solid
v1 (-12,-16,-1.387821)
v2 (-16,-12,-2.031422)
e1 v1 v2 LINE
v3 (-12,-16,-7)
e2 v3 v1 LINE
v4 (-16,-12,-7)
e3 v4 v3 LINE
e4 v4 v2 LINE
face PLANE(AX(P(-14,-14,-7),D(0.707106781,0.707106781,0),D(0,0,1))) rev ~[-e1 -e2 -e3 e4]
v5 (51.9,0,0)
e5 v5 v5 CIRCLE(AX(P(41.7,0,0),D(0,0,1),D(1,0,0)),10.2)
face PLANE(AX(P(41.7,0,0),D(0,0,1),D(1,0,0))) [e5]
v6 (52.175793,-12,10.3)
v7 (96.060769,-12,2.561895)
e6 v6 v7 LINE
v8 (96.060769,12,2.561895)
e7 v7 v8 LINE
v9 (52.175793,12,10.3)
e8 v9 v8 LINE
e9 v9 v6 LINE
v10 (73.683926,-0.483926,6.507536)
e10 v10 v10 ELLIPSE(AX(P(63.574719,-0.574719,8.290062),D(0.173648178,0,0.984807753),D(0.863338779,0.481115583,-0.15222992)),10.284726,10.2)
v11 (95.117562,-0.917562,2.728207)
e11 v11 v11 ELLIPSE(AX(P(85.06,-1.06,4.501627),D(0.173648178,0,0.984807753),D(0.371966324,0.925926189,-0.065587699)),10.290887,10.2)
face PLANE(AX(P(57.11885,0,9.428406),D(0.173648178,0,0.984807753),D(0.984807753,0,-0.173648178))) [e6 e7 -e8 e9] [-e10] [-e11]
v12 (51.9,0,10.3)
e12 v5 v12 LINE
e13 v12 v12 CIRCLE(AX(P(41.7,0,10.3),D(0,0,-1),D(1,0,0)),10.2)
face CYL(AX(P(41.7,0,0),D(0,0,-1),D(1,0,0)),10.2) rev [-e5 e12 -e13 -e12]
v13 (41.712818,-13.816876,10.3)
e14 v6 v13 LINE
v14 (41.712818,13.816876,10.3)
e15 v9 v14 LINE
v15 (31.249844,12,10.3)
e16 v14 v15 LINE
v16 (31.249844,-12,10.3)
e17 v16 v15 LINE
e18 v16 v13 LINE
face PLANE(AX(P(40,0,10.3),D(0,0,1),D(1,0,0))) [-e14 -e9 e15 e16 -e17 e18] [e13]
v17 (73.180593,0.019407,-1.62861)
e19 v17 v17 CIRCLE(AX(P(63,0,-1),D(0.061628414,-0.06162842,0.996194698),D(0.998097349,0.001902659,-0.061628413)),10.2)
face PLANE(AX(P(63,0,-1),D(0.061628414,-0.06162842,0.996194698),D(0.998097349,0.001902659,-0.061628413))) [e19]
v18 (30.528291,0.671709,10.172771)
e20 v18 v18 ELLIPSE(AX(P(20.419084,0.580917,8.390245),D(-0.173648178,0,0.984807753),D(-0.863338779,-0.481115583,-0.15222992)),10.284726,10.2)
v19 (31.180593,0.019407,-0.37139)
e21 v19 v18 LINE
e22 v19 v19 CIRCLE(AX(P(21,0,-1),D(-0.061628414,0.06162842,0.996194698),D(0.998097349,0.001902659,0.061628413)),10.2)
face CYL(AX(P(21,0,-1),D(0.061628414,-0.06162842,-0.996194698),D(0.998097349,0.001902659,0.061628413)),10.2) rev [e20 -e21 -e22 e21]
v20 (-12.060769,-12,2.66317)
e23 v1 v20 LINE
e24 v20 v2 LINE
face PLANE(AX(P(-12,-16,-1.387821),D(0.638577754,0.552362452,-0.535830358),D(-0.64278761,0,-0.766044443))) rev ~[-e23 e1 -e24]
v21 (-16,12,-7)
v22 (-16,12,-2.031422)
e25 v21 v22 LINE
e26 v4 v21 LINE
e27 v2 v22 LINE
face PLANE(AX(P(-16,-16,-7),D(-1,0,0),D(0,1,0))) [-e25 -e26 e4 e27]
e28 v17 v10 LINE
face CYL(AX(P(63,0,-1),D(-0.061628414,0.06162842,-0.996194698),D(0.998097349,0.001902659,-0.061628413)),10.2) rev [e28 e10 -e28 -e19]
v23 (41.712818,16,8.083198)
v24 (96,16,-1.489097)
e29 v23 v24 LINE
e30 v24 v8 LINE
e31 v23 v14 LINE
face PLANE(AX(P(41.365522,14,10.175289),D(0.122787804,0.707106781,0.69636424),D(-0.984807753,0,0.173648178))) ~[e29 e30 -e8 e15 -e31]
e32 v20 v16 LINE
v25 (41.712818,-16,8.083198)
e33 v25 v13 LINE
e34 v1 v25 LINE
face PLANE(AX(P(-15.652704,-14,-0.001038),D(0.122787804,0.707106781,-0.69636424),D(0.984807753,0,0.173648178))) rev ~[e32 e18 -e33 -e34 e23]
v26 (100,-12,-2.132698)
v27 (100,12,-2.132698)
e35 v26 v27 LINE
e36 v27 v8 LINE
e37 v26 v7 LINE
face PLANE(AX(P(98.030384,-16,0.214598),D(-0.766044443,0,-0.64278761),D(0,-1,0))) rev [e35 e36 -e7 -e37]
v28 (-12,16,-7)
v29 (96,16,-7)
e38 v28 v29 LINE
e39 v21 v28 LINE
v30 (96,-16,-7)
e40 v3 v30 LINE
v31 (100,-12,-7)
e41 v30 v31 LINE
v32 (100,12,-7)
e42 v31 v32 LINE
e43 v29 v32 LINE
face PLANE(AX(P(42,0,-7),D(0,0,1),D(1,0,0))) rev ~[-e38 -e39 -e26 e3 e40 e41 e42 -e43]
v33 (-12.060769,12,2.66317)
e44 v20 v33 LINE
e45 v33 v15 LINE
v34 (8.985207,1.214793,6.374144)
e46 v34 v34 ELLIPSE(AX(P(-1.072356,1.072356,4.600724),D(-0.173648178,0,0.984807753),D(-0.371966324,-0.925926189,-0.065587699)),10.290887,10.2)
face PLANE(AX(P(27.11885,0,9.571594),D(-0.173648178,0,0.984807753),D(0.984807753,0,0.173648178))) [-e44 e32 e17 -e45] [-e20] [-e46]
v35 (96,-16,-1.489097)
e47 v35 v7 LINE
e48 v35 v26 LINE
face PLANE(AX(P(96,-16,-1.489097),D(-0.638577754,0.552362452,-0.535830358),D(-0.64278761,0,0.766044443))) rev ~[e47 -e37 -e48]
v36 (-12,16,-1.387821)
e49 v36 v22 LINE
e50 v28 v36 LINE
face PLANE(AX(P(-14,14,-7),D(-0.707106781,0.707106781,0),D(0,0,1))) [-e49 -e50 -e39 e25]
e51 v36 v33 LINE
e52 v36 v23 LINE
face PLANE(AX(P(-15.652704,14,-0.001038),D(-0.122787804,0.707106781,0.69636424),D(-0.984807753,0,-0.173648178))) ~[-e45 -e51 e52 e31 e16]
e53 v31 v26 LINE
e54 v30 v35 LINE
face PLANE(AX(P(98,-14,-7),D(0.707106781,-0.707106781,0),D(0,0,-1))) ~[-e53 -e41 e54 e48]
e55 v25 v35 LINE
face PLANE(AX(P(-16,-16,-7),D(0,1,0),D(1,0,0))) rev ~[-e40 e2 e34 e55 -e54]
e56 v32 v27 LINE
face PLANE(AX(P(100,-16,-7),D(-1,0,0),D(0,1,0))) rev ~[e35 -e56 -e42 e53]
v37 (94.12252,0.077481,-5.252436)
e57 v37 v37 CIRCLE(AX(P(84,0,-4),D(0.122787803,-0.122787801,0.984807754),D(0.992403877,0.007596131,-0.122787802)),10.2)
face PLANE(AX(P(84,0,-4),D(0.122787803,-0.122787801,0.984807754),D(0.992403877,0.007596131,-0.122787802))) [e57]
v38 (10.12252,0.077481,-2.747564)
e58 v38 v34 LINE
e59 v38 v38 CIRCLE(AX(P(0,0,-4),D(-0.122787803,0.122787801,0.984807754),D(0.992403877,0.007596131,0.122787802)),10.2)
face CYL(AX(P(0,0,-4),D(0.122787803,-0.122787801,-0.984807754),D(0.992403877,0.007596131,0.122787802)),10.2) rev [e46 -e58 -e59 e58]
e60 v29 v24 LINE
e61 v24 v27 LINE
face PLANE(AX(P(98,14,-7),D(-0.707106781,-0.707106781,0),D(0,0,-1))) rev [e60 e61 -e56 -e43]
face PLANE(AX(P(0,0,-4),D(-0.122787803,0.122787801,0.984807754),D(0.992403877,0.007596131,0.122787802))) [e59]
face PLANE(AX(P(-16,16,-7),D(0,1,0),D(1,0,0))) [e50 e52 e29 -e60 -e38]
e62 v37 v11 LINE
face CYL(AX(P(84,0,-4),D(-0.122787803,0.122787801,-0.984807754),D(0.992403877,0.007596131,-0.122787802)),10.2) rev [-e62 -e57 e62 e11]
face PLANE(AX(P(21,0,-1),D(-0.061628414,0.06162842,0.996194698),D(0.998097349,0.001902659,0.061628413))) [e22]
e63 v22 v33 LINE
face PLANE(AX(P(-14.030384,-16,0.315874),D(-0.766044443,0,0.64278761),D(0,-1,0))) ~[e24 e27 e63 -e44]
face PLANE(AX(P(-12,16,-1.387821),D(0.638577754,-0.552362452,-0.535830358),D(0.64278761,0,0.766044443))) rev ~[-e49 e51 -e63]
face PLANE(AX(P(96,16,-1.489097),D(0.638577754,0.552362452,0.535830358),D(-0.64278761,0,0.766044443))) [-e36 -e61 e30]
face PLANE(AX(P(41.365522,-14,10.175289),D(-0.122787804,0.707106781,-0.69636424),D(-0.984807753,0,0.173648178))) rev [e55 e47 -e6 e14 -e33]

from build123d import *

# Parameters (mm, degrees)
BOX003_W                    = 40
BOX003_H                    = 40
BOX003_DEPTH                = 10
CYLINDER014_R               = 10.2
CYLINDER014_DEPTH           = 20
CYLINDER014_ROLL_ANGLE      = 7.107076
CYLINDER014_PITCH_ANGLE     = 7.053022
CYLINDER014_PLACEMENT_ANGLE = 0.438549
CYLINDER013_R               = 10.2
CYLINDER013_DEPTH           = 20
CYLINDER013_ROLL_ANGLE      = 3.540025
CYLINDER013_PITCH_ANGLE     = 3.533287
CYLINDER013_PLACEMENT_ANGLE = 0.109222
CYLINDER012_R               = 10.2
CYLINDER012_DEPTH           = 20
CYLINDER011_R               = 10.2
CYLINDER011_DEPTH           = 20
CYLINDER011_ROLL_ANGLE      = -3.540025
CYLINDER011_PITCH_ANGLE     = -3.533287
CYLINDER011_PLACEMENT_ANGLE = 0.109222
CYLINDER010_R               = 10.2
CYLINDER010_DEPTH           = 20
CYLINDER010_ROLL_ANGLE      = -7.107076
CYLINDER010_PITCH_ANGLE     = -7.053022
CYLINDER010_PLACEMENT_ANGLE = 0.438549
BOX002_W                    = 116
BOX002_H                    = 32
BOX002_DEPTH                = 14
BOX002_PITCH_ANGLE          = 10
BOX001_W                    = 116
BOX001_H                    = 32
BOX001_DEPTH                = 14
BOX001_PITCH_ANGLE          = -10
BOX_W                       = 116
BOX_H                       = 32
BOX_DEPTH                   = 20
CHAMFER_SIZE                = 4


with BuildPart() as cube003:
    # Box003 → Box003 (new body)
    with BuildSketch(Plane(origin=(20, -20, 10.3), x_dir=(1, 0, 0), z_dir=(0, 0, 1))):
        with Locations((20, 20)):
            Rectangle(BOX003_W, BOX003_H)
    extrude(amount=BOX003_DEPTH)


with BuildPart() as cylinder014:
    # Cylinder014 → Cylinder014 (new body)
    with BuildSketch(Plane.XY):
        Circle(CYLINDER014_R)
    extrude(amount=CYLINDER014_DEPTH)


with BuildPart() as cylinder014_1:
    # Cylinder014 roll: moved
    add(cylinder014.part.rotate(Axis((0, 0, 0), (1, 0, 0)), CYLINDER014_ROLL_ANGLE))


with BuildPart() as cylinder014_2:
    # Cylinder014 pitch: moved
    add(cylinder014_1.part.rotate(Axis((0, 0, 0), (0, 1, 0)), CYLINDER014_PITCH_ANGLE))


with BuildPart() as cylinder014_3:
    # Cylinder014 placement: moved
    add(cylinder014_2.part.moved(Location((84, 0, -4))).rotate(Axis((84, 0, -4), (0, 0, 1)), CYLINDER014_PLACEMENT_ANGLE))


with BuildPart() as cylinder013:
    # Cylinder013 → Cylinder013 (new body)
    with BuildSketch(Plane.XY):
        Circle(CYLINDER013_R)
    extrude(amount=CYLINDER013_DEPTH)


with BuildPart() as cylinder013_1:
    # Cylinder013 roll: moved
    add(cylinder013.part.rotate(Axis((0, 0, 0), (1, 0, 0)), CYLINDER013_ROLL_ANGLE))


with BuildPart() as cylinder013_2:
    # Cylinder013 pitch: moved
    add(cylinder013_1.part.rotate(Axis((0, 0, 0), (0, 1, 0)), CYLINDER013_PITCH_ANGLE))


with BuildPart() as cylinder013_3:
    # Cylinder013 placement: moved
    add(cylinder013_2.part.moved(Location((63, 0, -1))).rotate(Axis((63, 0, -1), (0, 0, 1)), CYLINDER013_PLACEMENT_ANGLE))


with BuildPart() as cylinder012:
    # Cylinder012 → Cylinder012 (new body)
    with BuildSketch(Plane(origin=(41.7, 0, 0), x_dir=(1, 0, 0), z_dir=(0, 0, 1))):
        Circle(CYLINDER012_R)
    extrude(amount=CYLINDER012_DEPTH)


with BuildPart() as cylinder011:
    # Cylinder011 → Cylinder011 (new body)
    with BuildSketch(Plane.XY):
        Circle(CYLINDER011_R)
    extrude(amount=CYLINDER011_DEPTH)


with BuildPart() as cylinder011_1:
    # Cylinder011 roll: moved
    add(cylinder011.part.rotate(Axis((0, 0, 0), (1, 0, 0)), CYLINDER011_ROLL_ANGLE))


with BuildPart() as cylinder011_2:
    # Cylinder011 pitch: moved
    add(cylinder011_1.part.rotate(Axis((0, 0, 0), (0, 1, 0)), CYLINDER011_PITCH_ANGLE))


with BuildPart() as cylinder011_3:
    # Cylinder011 placement: moved
    add(cylinder011_2.part.moved(Location((21, 0, -1))).rotate(Axis((21, 0, -1), (0, 0, 1)), CYLINDER011_PLACEMENT_ANGLE))


with BuildPart() as cylinder010:
    # Cylinder010 → Cylinder010 (new body)
    with BuildSketch(Plane.XY):
        Circle(CYLINDER010_R)
    extrude(amount=CYLINDER010_DEPTH)


with BuildPart() as cylinder010_1:
    # Cylinder010 roll: moved
    add(cylinder010.part.rotate(Axis((0, 0, 0), (1, 0, 0)), CYLINDER010_ROLL_ANGLE))


with BuildPart() as cylinder010_2:
    # Cylinder010 pitch: moved
    add(cylinder010_1.part.rotate(Axis((0, 0, 0), (0, 1, 0)), CYLINDER010_PITCH_ANGLE))


with BuildPart() as cylinder010_3:
    # Cylinder010 placement: moved
    add(cylinder010_2.part.moved(Location((0, 0, -4))).rotate(Axis((0, 0, -4), (0, 0, 1)), CYLINDER010_PLACEMENT_ANGLE))


with BuildPart() as cube002:
    # Box002 → Box002 (new body)
    with BuildSketch(Plane.XY):
        with Locations((58, 16)):
            Rectangle(BOX002_W, BOX002_H)
    extrude(amount=BOX002_DEPTH)


with BuildPart() as cube002_1:
    # Box002 pitch: moved
    add(cube002.part.rotate(Axis((0, 0, 0), (0, 1, 0)), BOX002_PITCH_ANGLE))


with BuildPart() as cube002_2:
    # Box002 placement: moved
    add(cube002_1.part.moved(Location((0, -16, 19.5))))


with BuildPart() as cube001:
    # Box001 → Box001 (new body)
    with BuildSketch(Plane.XY):
        with Locations((58, 16)):
            Rectangle(BOX001_W, BOX001_H)
    extrude(amount=BOX001_DEPTH)


with BuildPart() as cube001_1:
    # Box001 pitch: moved
    add(cube001.part.rotate(Axis((0, 0, 0), (0, 1, 0)), BOX001_PITCH_ANGLE))


with BuildPart() as cube001_2:
    # Box001 placement: moved
    add(cube001_1.part.moved(Location((-30, -16, -0.5))))


with BuildPart() as cut011:
    # Box → Box (new body)
    with BuildSketch(Plane(origin=(-16, -16, -7), x_dir=(1, 0, 0), z_dir=(0, 0, 1))):
        with Locations((58, 16)):
            Rectangle(BOX_W, BOX_H)
    extrude(amount=BOX_DEPTH)

    # Cut005: cut Cube001
    add(cube001_2.part, mode=Mode.SUBTRACT)

    # Cut006: cut Cube002
    add(cube002_2.part, mode=Mode.SUBTRACT)

    # Chamfer
    chamfer_edges = [cut011.edges().sort_by_distance(p)[0] for p in [
        (-16, -16, -2.515711),
        (-16, 0, 1.968578),
        (-16, 16, -2.515711),
        (100, -16, -2.566349),
        (70.856409, -16, 7.006103),
        (12.856409, -16, 7.056741),
        (12.856409, 16, 7.056741),
        (100, 16, -2.566349),
        (70.856409, 16, 7.006103),
        (100, 0, 1.867302),
    ]]
    chamfer(chamfer_edges, length=CHAMFER_SIZE)

    # Cut: cut Cylinder010
    add(cylinder010_3.part, mode=Mode.SUBTRACT)

    # Cut007: cut Cylinder011
    add(cylinder011_3.part, mode=Mode.SUBTRACT)

    # Cut008: cut Cylinder012
    add(cylinder012.part, mode=Mode.SUBTRACT)

    # Cut009: cut Cylinder013
    add(cylinder013_3.part, mode=Mode.SUBTRACT)

    # Cut010: cut Cylinder014
    add(cylinder014_3.part, mode=Mode.SUBTRACT)

    # Cut011: cut Cube003
    add(cube003.part, mode=Mode.SUBTRACT)


solid = cut011.part
